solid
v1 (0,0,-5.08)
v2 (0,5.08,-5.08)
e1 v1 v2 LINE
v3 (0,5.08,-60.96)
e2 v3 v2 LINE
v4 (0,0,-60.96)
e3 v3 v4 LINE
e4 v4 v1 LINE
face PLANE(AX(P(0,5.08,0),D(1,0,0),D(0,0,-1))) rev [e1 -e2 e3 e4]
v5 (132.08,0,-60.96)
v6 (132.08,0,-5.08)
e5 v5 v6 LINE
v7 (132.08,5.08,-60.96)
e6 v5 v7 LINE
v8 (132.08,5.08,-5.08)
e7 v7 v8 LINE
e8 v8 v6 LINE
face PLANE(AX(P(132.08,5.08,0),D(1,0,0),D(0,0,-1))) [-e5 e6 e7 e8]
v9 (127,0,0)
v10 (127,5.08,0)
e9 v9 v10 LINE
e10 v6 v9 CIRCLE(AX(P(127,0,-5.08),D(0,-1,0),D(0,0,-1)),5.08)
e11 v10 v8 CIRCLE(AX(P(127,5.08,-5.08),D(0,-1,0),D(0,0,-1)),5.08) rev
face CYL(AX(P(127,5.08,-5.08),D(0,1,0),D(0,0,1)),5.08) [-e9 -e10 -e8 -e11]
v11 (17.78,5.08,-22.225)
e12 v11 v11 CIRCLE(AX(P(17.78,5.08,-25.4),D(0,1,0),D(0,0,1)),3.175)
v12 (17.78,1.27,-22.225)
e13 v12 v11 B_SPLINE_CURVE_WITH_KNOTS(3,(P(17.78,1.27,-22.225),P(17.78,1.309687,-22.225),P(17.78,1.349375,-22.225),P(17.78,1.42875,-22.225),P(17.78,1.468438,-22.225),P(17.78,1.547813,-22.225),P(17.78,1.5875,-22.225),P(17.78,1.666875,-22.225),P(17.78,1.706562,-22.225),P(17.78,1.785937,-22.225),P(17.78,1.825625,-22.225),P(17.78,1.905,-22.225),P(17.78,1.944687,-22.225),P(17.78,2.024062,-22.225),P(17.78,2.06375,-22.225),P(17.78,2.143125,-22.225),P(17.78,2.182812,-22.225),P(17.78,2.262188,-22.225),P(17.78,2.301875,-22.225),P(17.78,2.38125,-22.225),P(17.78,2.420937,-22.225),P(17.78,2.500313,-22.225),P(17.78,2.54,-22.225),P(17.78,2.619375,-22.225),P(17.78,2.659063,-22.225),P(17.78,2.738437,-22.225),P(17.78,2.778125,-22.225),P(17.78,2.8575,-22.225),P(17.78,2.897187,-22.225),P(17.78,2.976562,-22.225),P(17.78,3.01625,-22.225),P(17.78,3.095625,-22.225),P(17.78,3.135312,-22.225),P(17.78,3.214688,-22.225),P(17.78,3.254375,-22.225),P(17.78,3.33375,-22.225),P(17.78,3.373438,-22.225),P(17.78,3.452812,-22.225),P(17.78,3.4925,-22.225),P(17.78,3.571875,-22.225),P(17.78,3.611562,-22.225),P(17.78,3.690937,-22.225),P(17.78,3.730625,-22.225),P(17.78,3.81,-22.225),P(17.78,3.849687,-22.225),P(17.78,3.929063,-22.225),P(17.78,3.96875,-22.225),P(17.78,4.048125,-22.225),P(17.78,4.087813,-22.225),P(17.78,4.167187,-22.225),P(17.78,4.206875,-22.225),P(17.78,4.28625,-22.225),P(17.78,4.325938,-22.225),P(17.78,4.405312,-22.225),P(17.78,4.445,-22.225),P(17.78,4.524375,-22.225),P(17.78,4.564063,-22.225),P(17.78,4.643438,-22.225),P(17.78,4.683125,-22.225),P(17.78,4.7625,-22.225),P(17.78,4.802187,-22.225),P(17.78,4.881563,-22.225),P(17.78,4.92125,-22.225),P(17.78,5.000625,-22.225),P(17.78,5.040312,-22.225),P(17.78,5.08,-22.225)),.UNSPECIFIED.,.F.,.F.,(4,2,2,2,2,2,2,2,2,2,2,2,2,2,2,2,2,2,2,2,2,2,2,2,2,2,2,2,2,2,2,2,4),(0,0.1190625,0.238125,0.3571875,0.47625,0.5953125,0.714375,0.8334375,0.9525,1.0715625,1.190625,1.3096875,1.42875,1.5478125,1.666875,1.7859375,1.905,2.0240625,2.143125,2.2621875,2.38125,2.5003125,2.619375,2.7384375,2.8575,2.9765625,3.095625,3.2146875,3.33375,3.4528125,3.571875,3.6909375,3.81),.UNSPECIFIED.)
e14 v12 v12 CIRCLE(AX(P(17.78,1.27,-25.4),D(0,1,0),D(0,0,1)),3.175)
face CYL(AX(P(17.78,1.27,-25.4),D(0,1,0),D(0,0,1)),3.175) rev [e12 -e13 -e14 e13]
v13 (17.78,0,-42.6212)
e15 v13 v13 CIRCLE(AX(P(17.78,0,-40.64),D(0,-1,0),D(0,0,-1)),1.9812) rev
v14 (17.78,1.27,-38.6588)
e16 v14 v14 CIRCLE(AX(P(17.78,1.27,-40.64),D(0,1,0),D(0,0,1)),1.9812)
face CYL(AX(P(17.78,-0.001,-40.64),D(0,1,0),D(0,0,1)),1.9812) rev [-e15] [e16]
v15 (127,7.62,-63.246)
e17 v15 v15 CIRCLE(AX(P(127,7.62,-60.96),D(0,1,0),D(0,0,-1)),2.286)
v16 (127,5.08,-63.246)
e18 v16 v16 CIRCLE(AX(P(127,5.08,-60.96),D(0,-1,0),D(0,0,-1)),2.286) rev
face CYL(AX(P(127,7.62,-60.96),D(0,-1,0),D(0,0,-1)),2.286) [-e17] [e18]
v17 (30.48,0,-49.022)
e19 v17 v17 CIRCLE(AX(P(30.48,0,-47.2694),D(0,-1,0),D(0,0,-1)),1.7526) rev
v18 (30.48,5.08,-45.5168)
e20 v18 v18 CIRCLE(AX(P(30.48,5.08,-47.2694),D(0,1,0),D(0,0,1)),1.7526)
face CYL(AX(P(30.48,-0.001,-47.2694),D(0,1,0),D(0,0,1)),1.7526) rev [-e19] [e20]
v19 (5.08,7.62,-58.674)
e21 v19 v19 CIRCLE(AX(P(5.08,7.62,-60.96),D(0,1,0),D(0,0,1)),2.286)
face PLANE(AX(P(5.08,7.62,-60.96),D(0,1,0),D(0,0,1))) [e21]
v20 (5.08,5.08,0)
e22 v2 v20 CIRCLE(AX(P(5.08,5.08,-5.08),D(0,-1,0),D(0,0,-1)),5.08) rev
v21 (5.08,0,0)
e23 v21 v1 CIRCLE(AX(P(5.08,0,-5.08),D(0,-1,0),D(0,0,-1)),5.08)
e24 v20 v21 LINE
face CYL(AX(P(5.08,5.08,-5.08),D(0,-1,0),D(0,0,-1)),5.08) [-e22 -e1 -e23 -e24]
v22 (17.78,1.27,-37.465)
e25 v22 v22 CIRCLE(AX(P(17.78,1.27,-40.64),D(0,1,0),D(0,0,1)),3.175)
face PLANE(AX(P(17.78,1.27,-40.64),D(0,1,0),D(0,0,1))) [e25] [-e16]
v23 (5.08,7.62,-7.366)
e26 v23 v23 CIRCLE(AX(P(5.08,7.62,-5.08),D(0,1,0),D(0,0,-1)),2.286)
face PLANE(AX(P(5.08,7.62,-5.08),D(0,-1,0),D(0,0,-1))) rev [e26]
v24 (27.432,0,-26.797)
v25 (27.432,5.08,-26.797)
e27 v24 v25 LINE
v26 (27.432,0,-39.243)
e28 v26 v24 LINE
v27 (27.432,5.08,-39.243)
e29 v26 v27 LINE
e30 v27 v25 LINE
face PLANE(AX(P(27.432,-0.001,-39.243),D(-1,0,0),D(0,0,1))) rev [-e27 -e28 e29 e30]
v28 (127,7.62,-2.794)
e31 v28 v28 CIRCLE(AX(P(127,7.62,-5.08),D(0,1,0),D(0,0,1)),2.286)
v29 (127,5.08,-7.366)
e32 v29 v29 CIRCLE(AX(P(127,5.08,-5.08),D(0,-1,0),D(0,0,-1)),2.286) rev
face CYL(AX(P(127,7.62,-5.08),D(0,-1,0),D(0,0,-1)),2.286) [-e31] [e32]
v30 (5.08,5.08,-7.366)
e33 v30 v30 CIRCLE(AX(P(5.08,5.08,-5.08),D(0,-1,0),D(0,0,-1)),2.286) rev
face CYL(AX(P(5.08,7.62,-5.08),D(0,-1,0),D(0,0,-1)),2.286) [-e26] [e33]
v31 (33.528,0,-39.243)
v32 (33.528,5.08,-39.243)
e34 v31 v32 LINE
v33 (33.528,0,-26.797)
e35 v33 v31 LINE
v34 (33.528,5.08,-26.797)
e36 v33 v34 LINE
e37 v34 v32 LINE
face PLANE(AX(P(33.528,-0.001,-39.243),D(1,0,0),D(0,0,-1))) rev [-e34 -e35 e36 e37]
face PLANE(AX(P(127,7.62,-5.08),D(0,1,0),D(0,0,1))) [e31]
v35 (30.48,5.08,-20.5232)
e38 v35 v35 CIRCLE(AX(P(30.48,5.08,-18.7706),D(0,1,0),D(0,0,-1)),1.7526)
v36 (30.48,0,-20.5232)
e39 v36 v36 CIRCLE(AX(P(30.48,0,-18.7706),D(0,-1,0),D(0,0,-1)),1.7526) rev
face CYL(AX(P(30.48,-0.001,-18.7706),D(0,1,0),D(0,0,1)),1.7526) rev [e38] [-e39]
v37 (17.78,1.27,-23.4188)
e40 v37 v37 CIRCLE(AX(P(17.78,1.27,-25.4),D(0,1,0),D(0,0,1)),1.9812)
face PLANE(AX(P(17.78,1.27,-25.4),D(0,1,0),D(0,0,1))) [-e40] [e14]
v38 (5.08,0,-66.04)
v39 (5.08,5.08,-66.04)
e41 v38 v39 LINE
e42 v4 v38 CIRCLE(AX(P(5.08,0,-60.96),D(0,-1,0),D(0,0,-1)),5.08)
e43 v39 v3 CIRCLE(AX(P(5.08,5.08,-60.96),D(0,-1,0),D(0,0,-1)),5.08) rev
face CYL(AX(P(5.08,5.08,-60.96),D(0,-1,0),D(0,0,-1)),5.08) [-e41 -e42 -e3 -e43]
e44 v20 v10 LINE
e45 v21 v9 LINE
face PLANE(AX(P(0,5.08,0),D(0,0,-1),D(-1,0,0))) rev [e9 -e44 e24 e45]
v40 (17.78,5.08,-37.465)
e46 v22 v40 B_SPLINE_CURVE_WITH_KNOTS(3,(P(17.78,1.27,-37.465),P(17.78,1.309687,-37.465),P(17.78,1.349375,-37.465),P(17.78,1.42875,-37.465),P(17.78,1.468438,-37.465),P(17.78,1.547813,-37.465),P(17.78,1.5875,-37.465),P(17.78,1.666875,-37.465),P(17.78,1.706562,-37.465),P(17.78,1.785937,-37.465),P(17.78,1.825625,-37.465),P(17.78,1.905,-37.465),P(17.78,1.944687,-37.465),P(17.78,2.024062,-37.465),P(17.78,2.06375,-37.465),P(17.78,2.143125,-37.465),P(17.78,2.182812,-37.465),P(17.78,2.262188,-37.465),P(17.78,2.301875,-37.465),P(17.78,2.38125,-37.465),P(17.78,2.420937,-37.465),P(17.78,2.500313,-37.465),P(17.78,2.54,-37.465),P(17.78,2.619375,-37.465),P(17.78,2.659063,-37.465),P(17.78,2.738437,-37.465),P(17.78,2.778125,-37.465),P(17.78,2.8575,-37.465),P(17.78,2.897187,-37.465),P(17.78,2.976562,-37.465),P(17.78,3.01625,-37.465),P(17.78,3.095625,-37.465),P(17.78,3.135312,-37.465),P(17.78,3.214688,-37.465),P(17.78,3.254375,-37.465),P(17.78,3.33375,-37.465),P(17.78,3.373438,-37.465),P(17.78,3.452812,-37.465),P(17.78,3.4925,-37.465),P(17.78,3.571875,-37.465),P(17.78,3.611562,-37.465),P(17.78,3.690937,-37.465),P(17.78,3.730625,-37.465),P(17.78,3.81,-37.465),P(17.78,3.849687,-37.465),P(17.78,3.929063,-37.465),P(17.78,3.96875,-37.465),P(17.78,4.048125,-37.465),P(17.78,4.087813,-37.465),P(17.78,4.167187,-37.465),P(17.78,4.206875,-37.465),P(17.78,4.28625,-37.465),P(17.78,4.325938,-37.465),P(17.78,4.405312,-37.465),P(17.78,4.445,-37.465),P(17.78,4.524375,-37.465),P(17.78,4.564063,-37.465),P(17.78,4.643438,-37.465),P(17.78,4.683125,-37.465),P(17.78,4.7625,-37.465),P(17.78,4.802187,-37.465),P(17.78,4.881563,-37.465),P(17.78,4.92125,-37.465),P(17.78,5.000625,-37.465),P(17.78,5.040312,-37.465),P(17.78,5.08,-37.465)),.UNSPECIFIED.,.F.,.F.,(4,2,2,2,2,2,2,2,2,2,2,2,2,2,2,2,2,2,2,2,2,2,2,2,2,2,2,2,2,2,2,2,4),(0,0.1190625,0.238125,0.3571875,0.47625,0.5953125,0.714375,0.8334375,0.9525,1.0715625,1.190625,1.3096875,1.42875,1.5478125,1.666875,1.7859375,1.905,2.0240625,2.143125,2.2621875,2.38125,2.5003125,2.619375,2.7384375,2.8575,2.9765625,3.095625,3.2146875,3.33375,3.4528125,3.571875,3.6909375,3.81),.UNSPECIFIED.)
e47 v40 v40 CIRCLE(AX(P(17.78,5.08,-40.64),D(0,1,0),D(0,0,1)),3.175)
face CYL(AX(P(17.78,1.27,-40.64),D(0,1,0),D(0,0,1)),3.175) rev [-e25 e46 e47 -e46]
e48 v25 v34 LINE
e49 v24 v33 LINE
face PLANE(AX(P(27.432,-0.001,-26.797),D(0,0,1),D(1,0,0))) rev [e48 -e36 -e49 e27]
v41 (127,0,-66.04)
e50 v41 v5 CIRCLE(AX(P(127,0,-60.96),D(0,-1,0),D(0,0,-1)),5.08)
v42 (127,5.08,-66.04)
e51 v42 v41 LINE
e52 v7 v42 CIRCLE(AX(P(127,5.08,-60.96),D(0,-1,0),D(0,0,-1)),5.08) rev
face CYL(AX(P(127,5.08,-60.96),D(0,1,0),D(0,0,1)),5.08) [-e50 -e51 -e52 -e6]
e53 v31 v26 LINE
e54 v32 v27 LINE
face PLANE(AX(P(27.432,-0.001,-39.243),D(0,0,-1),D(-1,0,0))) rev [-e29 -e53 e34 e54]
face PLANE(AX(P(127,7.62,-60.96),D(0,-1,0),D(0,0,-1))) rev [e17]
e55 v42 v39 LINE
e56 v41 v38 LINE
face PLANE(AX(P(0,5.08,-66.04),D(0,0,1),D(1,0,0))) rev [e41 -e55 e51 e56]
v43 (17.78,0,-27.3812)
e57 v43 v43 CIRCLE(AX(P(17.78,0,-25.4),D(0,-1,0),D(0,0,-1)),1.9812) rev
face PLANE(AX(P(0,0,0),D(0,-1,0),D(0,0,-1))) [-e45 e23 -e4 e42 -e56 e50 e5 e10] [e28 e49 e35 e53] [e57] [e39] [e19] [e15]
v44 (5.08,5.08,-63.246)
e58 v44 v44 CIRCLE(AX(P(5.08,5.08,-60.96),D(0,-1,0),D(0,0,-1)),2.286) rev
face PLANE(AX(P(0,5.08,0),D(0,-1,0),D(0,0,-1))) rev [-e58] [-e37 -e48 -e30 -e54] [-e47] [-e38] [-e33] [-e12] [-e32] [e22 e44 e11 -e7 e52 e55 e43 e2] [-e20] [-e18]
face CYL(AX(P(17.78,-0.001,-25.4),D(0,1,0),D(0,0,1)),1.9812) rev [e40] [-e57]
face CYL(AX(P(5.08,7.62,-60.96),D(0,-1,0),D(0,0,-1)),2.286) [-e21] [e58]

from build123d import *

# Parameters (mm, degrees)
SKETCH1_W           = 121.92
SKETCH1_H           = 66.04
BOSS_EXTRUDE1_DEPTH = 5.08
FILLET1_R           = 5.08
CUT_EXTRUDE2_REACH  = 140.75
SKETCH2_R           = 1.7526
SKETCH2_W           = 6.096
SKETCH2_H           = 12.446
SKETCH3_R           = 3.175
CUT_EXTRUDE3_DEPTH  = 3.81
CUT_EXTRUDE4_REACH  = 140.709
SKETCH4_R           = 1.9812
SKETCH8_W           = 15.24
SKETCH8_H           = 66.04
BOSS_EXTRUDE2_DEPTH = 5.08
FILLET4_R           = 5.08
SKETCH5_R           = 2.286
BOSS_EXTRUDE3_DEPTH = 2.54


with BuildPart() as part:
    # Sketch1 → Boss-Extrude1 (new body)
    with BuildSketch(Plane(origin=(0, 0, 0), x_dir=(1, 0, 0), z_dir=(0, 1, 0))):
        with Locations((60.96, 33.02)):
            Rectangle(SKETCH1_W, SKETCH1_H)
    extrude(amount=BOSS_EXTRUDE1_DEPTH)

    # Fillet1
    fillet1_edges = [part.edges().sort_by_distance(p)[0] for p in [
        (0, 2.54, -66.04),
        (121.92, 2.54, -66.04),
        (121.92, 2.54, 0),
        (0, 2.54, 0),
    ]]
    fillet(fillet1_edges, radius=FILLET1_R)

    # Sketch2 → Cut-Extrude2 (cut, up to next)
    with BuildSketch(Plane(origin=(0, 5.08, 0), x_dir=(1, 0, 0), z_dir=(0, 1, 0)), mode=Mode.PRIVATE) as cut_extrude2_sk1:
        with Locations(Location((30.48, 47.2694, 0), (0, 0, 270))):
            Circle(SKETCH2_R)
    cut_extrude2_tool1 = extrude(cut_extrude2_sk1.sketch, amount=-CUT_EXTRUDE2_REACH, mode=Mode.PRIVATE) & part.part
    # Sketch2 → Cut-Extrude2 (cut, up to next)
    with BuildSketch(Plane(origin=(0, 5.08, 0), x_dir=(1, 0, 0), z_dir=(0, 1, 0)), mode=Mode.PRIVATE) as cut_extrude2_sk2:
        with Locations(Location((30.48, 18.7706, 0), (0, 0, 90))):
            Circle(SKETCH2_R)
    cut_extrude2_tool2 = extrude(cut_extrude2_sk2.sketch, amount=-CUT_EXTRUDE2_REACH, mode=Mode.PRIVATE) & part.part
    # Sketch2 → Cut-Extrude2 (cut, up to next)
    with BuildSketch(Plane(origin=(0, 5.08, 0), x_dir=(1, 0, 0), z_dir=(0, 1, 0)), mode=Mode.PRIVATE) as cut_extrude2_sk3:
        with Locations((30.48, 33.02)):
            Rectangle(SKETCH2_W, SKETCH2_H)
    cut_extrude2_tool3 = extrude(cut_extrude2_sk3.sketch, amount=-CUT_EXTRUDE2_REACH, mode=Mode.PRIVATE) & part.part
    add(cut_extrude2_tool1.solids().sort_by_distance((30.48, 5.08, -47.2694))[0], mode=Mode.SUBTRACT)
    add(cut_extrude2_tool2.solids().sort_by_distance((30.48, 5.08, -18.7706))[0], mode=Mode.SUBTRACT)
    add(cut_extrude2_tool3.solids().sort_by_distance((30.48, 5.08, -33.02))[0], mode=Mode.SUBTRACT)

    # Sketch3 → Cut-Extrude3 (cut)
    with BuildSketch(Plane(origin=(0, 5.08, 0), x_dir=(1, 0, 0), z_dir=(0, 1, 0))):
        with Locations(Location((17.78, 40.64, 0), (0, 0, 270))):
            Circle(SKETCH3_R)
        with Locations(Location((17.78, 25.4, 0), (0, 0, 270))):
            Circle(SKETCH3_R)
    extrude(amount=-CUT_EXTRUDE3_DEPTH, mode=Mode.SUBTRACT)

    # Sketch4 → Cut-Extrude4 (cut, up to next)
    with BuildSketch(Plane(origin=(0, 1.27, 0), x_dir=(1, 0, 0), z_dir=(0, 1, 0)), mode=Mode.PRIVATE) as cut_extrude4_sk1:
        with Locations(Location((17.78, 40.64, 0), (0, 0, 270))):
            Circle(SKETCH4_R)
    cut_extrude4_tool1 = extrude(cut_extrude4_sk1.sketch, amount=-CUT_EXTRUDE4_REACH, mode=Mode.PRIVATE) & part.part
    # Sketch4 → Cut-Extrude4 (cut, up to next)
    with BuildSketch(Plane(origin=(0, 1.27, 0), x_dir=(1, 0, 0), z_dir=(0, 1, 0)), mode=Mode.PRIVATE) as cut_extrude4_sk2:
        with Locations(Location((17.78, 25.4, 0), (0, 0, 270))):
            Circle(SKETCH4_R)
    cut_extrude4_tool2 = extrude(cut_extrude4_sk2.sketch, amount=-CUT_EXTRUDE4_REACH, mode=Mode.PRIVATE) & part.part
    add(cut_extrude4_tool1.solids().sort_by_distance((17.78, 1.27, -40.64))[0], mode=Mode.SUBTRACT)
    add(cut_extrude4_tool2.solids().sort_by_distance((17.78, 1.27, -25.4))[0], mode=Mode.SUBTRACT)

    # Sketch8 → Boss-Extrude2 (add)
    with BuildSketch(Plane.XZ):
        with Locations((124.46, -33.02)):
            Rectangle(SKETCH8_W, SKETCH8_H)
    extrude(amount=-BOSS_EXTRUDE2_DEPTH)

    # Fillet4
    fillet4_edges = [part.edges().sort_by_distance(p)[0] for p in [
        (132.08, 2.54, 0),
        (132.08, 2.54, -66.04),
    ]]
    fillet(fillet4_edges, radius=FILLET4_R)

    # Sketch5 → Boss-Extrude3 (add)
    with BuildSketch(Plane(origin=(0, 5.08, 0), x_dir=(1, 0, 0), z_dir=(0, 1, 0))):
        with Locations(Location((5.08, 60.96, 0), (0, 0, 90))):
            Circle(SKETCH5_R)
        with Locations(Location((127, 60.96, 0), (0, 0, 90))):
            Circle(SKETCH5_R)
        with Locations(Location((127, 5.08, 0), (0, 0, 90))):
            Circle(SKETCH5_R)
        with Locations(Location((5.08, 5.08, 0), (0, 0, 90))):
            Circle(SKETCH5_R)
    extrude(amount=BOSS_EXTRUDE3_DEPTH)


solid = part.part
